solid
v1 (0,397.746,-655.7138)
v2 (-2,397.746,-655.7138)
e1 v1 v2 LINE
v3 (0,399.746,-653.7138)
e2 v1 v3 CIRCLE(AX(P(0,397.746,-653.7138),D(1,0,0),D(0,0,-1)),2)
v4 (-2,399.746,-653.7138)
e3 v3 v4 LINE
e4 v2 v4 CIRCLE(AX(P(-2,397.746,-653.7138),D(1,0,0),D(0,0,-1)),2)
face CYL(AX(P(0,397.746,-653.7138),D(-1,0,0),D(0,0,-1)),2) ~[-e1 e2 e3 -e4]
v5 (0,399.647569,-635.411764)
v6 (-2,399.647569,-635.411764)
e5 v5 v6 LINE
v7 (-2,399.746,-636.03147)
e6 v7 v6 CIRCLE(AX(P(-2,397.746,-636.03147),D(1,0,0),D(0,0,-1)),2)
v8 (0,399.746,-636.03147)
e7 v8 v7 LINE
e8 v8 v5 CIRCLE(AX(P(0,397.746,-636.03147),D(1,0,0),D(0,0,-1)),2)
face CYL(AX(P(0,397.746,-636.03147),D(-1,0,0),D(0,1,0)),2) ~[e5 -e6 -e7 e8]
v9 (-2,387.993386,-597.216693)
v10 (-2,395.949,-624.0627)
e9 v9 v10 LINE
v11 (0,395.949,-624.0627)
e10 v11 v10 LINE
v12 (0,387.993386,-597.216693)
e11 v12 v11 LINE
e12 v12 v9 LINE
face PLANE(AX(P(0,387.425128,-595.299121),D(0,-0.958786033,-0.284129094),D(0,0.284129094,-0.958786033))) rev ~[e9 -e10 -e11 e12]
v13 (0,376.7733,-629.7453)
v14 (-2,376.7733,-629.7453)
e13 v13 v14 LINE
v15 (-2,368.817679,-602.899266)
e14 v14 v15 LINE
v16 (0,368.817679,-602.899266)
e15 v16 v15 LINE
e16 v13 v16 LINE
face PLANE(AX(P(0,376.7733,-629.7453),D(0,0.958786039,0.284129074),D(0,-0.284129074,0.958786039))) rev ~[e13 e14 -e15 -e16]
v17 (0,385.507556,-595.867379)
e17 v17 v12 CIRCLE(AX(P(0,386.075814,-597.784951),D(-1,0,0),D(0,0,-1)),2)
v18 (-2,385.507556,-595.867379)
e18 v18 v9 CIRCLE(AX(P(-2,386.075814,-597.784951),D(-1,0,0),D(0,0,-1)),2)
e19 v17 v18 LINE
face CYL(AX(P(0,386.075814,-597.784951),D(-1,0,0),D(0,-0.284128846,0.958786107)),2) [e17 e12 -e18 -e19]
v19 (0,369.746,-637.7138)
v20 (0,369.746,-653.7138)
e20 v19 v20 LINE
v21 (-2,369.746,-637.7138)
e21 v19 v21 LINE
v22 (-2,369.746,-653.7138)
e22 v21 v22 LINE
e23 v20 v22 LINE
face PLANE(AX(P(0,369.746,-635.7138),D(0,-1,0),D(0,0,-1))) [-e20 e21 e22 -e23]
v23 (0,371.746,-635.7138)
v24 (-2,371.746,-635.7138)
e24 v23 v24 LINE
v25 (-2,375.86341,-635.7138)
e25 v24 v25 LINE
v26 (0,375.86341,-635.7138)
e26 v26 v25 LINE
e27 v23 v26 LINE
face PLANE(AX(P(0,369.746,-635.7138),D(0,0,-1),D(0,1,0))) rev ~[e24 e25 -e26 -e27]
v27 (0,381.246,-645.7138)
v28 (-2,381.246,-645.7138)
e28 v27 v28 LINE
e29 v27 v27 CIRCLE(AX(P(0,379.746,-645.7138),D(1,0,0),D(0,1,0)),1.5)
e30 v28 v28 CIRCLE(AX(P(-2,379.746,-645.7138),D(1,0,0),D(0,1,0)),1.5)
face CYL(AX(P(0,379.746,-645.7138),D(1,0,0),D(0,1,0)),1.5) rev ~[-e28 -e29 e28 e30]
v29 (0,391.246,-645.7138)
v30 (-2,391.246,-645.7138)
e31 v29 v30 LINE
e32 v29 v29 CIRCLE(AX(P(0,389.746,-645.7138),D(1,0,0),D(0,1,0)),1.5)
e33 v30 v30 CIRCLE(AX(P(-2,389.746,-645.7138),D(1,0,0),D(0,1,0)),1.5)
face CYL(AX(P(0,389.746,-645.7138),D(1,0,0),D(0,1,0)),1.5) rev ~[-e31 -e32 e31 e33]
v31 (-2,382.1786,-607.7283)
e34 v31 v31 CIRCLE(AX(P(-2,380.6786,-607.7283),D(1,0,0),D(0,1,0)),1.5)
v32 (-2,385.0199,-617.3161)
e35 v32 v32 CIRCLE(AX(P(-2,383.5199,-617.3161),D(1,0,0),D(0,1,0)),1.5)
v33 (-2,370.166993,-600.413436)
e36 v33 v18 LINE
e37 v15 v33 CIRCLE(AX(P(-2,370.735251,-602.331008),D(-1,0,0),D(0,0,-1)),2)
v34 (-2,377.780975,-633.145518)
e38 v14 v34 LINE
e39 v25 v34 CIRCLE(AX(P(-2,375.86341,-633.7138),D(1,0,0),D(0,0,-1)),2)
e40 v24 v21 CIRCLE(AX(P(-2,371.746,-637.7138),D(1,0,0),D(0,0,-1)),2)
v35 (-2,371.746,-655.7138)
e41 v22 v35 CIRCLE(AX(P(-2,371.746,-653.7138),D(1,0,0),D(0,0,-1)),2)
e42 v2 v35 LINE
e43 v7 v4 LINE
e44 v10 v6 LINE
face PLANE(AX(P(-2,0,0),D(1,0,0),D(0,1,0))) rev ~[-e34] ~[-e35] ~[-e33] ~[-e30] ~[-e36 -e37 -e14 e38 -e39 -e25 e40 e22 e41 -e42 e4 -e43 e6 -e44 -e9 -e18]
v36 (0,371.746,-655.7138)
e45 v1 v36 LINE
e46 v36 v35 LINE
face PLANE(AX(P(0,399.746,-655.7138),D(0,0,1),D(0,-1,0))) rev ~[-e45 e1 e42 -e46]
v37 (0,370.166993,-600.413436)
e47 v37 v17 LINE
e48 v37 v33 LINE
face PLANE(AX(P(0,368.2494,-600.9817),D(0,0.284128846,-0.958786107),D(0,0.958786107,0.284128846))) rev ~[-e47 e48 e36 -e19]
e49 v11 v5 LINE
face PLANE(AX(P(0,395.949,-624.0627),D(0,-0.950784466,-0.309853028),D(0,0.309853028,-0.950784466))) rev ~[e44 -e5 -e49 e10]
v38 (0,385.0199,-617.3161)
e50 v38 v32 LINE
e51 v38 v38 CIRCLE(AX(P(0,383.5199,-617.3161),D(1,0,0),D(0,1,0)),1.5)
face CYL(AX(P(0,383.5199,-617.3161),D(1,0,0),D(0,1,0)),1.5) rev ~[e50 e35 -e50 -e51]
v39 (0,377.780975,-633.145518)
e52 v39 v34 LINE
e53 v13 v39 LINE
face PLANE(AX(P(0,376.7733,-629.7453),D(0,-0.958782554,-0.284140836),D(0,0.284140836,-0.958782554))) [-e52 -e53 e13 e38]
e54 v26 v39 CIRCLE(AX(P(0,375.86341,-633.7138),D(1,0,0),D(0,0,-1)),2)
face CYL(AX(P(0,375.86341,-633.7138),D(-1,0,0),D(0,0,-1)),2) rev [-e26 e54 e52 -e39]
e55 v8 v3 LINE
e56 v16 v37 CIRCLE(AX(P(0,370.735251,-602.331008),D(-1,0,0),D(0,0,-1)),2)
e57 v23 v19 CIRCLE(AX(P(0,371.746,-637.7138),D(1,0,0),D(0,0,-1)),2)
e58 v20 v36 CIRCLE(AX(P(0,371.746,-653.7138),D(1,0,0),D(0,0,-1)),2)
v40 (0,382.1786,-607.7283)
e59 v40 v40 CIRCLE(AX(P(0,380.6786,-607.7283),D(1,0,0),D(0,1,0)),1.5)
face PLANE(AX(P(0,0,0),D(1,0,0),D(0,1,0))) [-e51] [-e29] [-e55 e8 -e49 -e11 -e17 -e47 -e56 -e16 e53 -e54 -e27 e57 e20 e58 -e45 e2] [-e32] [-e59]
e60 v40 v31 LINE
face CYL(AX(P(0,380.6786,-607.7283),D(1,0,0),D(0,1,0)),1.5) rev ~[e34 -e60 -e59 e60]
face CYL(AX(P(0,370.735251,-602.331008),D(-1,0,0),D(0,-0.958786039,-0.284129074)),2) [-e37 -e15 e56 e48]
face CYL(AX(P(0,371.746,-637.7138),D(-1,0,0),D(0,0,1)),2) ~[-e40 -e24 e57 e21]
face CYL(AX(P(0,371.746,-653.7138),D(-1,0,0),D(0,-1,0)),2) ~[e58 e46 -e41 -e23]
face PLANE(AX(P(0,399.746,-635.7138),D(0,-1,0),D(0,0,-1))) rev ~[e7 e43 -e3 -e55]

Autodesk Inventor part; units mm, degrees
ref_plane "YZ Plane" through (0, 0, 0) normal (1, 0, 0) x (0, 1, 0)
ref_plane "XZ Plane" through (0, 0, 0) normal (0, 1, 0) x (-1, 0, 0)
ref_plane "XY Plane" through (0, 0, 0) normal (0, 0, 1) x (1, 0, 0)
sketch "スケッチ1" plane through (0, 0, 0) normal (1, 0, 0) x (0, 1, 0)
  line L0 (-64.254, -635.7138) -> (-64.254, 672.2862)
  line L1 (-64.254, -533.7138) -> (340.746, -533.7138)
  line L2 (340.746, -533.7138) -> (340.746, -513.7138)
  line L3 (340.746, -513.7138) -> (-64.254, -513.7138)
  line L4 (-64.254, -513.7138) -> (-64.254, -533.7138)
  circle A0 centre (-29.074, -486.7138) radius 21
  circle A1 centre (-29.074, -444.7138) radius 16
  circle A2 centre (-29.074, -444.7138) radius 13.68
  line L5 (-84.254, -635.7138) -> (-64.254, -635.7138)
  line L6 (-84.254, -635.7138) -> (-64.254, -635.7138)
  line L7 (-84.254, -635.7138) -> (399.746, -635.7138)
  line L8 (399.746, -635.7138) -> (399.746, -655.7138)
  line L9 (399.746, -655.7138) -> (-84.254, -655.7138)
  line L10 (-84.254, -655.7138) -> (-84.254, -635.7138)
  line L11 (-9.074, 672.2862) -> (10.1017, 677.9687)
  line L12 (10.1017, 677.9687) -> (395.949, -624.0627)
  line L13 (395.949, -624.0627) -> (376.7733, -629.7453)
  line L14 (376.7733, -629.7453) -> (-9.074, 672.2862)
  line L15 (-84.254, 672.2862) -> (-84.254, -635.7138)
  line L16 (-84.254, -428.7138) -> (-29.074, -428.7138)
  line L17 (-8.074, -486.7138) -> (-8.074, -533.7138)
  line L18 (-8.074, -486.7138) -> (-8.074, -428.7138)
  line L19 (-8.074, -428.7138) -> (-29.074, -428.7138)
  circle A3 centre (-74.254, -440.7138) radius 1.5
  circle A4 centre (-74.254, -450.7138) radius 1.5
  line L20 (-29.074, -460.7138) -> (-84.254, -460.7138)
  circle A5 centre (-54.254, -523.7138) radius 1.5
  circle A6 centre (-34.254, -523.7138) radius 1.5
  line L21 (-64.254, -533.7138) -> (-84.254, -533.7138)
  circle A7 centre (-74.254, -523.7138) radius 1.5
  circle A8 centre (-74.254, -503.7138) radius 1.5
  circle A9 centre (-29.074, 656.2862) radius 16
  line L22 (-64.254, 672.2862) -> (-84.254, 672.2862)
  line L23 (-84.254, 672.2862) -> (-29.074, 672.2862)
  line L24 (-29.074, 640.2862) -> (-84.254, 640.2862)
  line L25 (-29.074, 672.2862) -> (-9.074, 672.2862)
  circle A10 centre (-29.074, 656.2862) radius 7.5
  line L26 (-29.074, 640.2862) -> (0.4089, 640.2862)
  circle A11 centre (-74.254, 660.2862) radius 1.5
  circle A12 centre (-74.254, 650.2862) radius 1.5
  circle A13 centre (3.3551, 665.5396) radius 1.5
  circle A14 centre (6.1964, 655.9517) radius 1.5
  line L27 (0.4089, 640.2862) -> (19.5847, 645.9687)
  line L28 (-64.254, -595.7138) -> (-44.254, -635.7138)
  line L29 (-44.254, -635.7138) -> (-44.254, -655.7138)
  line L30 (-64.254, -595.7138) -> (-84.254, -595.7138)
  circle A15 centre (-74.254, -625.7138) radius 1.5
  circle A16 centre (-74.254, -615.7138) radius 1.5
  circle A17 centre (-74.254, -605.7138) radius 1.5
  circle A18 centre (-74.254, -645.7138) radius 1.5
  circle A19 centre (-64.254, -645.7138) radius 1.5
  circle A20 centre (-54.254, -645.7138) radius 1.5
  line L31 (-84.254, -635.7138) -> (-84.254, -595.7138)
  line L32 (369.746, -635.7138) -> (369.746, -655.7138)
  line L33 (368.2494, -600.9817) -> (387.4252, -595.2991)
  line L34 (376.7733, -629.7453) -> (378.5421, -635.7138)
  line L35 (395.949, -624.0627) -> (399.746, -635.7138)
  circle A21 centre (379.746, -645.7138) radius 1.5
  circle A22 centre (389.746, -645.7138) radius 1.5
  circle A23 centre (383.5199, -617.3161) radius 1.5
  circle A24 centre (380.6786, -607.7283) radius 1.5
  circle A25 centre (320.746, -523.7138) radius 1.5
  circle A26 centre (330.746, -523.7138) radius 1.5
  line L36 (340.746, -513.7138) -> (342.3883, -513.7138)
  line L37 (340.746, -533.7138) -> (348.3151, -533.7138)
  line L38 (342.3883, -513.7138) -> (363.248, -513.7138)
  circle A27 centre (355.6752, -523.3551) radius 1.5
  circle A28 centre (358.5165, -532.9429) radius 1.5
  line L39 (351.7699, -545.3721) -> (370.9457, -539.6895)
  line L40 (310.746, -513.7138) -> (310.746, -533.7138)
  line L41 (368.2494, -600.9817) -> (369.746, -635.7138)
  point P0 (0, 0)
  point P1 (-387.254, -203.3804)
  point P2 (-64.254, -513.7138)
  point P3 (386.3612, -626.904)
  dimension "d1" = 42
  dimension "d0" = 20
  dimension "d2" = 32
  dimension "d3" = 27.36
  dimension "d4" = 35.18
  dimension "d5" = 35.18
  dimension "d6" = 27
  dimension "d7" = 42
  dimension "d8" = 191
  dimension "d9" = 20
  dimension "d10" = 484
  dimension "d11" = 3
  dimension "d12" = 3
  dimension "d13" = 10
  dimension "d14" = 10
  dimension "d15" = 10
  dimension "d16" = 10
  dimension "d17" = 3
  dimension "d18" = 3
  dimension "d19" = 10
  dimension "d20" = 20
  dimension "d21" = 10
  dimension "d22" = 10
  dimension "d23" = 3
  dimension "d24" = 3
  dimension "d25" = 10
  dimension "d26" = 20
  dimension "d27" = 10
  dimension "d28" = 10
  dimension "d29" = 20
  dimension "d30" = 32
  dimension "d31" = 35.18
  dimension "d32" = 20
  dimension "d33" = 1358
  dimension "d34" = 91.543
  dimension "d35" = 405
  dimension "d36" = 15
  dimension "d37" = 3
  dimension "d38" = 3
  dimension "d39" = 10
  dimension "d40" = 10
  dimension "d41" = 10
  dimension "d42" = 10
  dimension "d43" = 3
  dimension "d44" = 3
  dimension "d45" = 10
  dimension "d46" = 10
  dimension "d47" = 10
  dimension "d48" = 10
  dimension "d49" = 40
  dimension "d50" = 3
  dimension "d51" = 3
  dimension "d52" = 3
  dimension "d53" = 3
  dimension "d54" = 3
  dimension "d55" = 3
  dimension "d56" = 10
  dimension "d57" = 10
  dimension "d58" = 10
  dimension "d59" = 10
  dimension "d60" = 10
  dimension "d61" = 10
  dimension "d62" = 10
  dimension "d63" = 10
  dimension "d64" = 10
extrude "押し出し1" add sketch "スケッチ1" against normal blind 2 contours L7 L8 L9 L32 | L34 L13 L35 L7 | L33 L12 L13 L14
fillet "フィレット1" radius 2 7 edges at (-1, 368.2494, -600.9817) (-1, 378.5421, -635.7138) (-1, 369.746, -635.7138) (-1, 369.746, -655.7138) (-1, 399.746, -655.7138) (-1, 399.746, -635.7138) (-1, 387.4252, -595.2991)
equation "\"d5\" = d4"
equation "\"d14\" = d15"
equation "\"d21\" = d19"
equation "\"d22\" = d19"
equation "\"d27\" = d25"
equation "\"d28\" = d25"
equation "\"d31\" = d4"
equation "\"d41\" = d39"
equation "\"d42\" = d39"
equation "\"d46\" = d45"
equation "\"d47\" = d45"
equation "\"d48\" = d45"
equation "\"d57\" = d56"
equation "\"d58\" = d56"
equation "\"d59\" = d56"
equation "\"d60\" = d56"
equation "\"d61\" = d56"
equation "\"d62\" = d56"
equation "\"d63\" = d56"
equation "\"d64\" = d62"
properties part number "dribl-v1-Plate-10" material "アルミニウム 6061"
